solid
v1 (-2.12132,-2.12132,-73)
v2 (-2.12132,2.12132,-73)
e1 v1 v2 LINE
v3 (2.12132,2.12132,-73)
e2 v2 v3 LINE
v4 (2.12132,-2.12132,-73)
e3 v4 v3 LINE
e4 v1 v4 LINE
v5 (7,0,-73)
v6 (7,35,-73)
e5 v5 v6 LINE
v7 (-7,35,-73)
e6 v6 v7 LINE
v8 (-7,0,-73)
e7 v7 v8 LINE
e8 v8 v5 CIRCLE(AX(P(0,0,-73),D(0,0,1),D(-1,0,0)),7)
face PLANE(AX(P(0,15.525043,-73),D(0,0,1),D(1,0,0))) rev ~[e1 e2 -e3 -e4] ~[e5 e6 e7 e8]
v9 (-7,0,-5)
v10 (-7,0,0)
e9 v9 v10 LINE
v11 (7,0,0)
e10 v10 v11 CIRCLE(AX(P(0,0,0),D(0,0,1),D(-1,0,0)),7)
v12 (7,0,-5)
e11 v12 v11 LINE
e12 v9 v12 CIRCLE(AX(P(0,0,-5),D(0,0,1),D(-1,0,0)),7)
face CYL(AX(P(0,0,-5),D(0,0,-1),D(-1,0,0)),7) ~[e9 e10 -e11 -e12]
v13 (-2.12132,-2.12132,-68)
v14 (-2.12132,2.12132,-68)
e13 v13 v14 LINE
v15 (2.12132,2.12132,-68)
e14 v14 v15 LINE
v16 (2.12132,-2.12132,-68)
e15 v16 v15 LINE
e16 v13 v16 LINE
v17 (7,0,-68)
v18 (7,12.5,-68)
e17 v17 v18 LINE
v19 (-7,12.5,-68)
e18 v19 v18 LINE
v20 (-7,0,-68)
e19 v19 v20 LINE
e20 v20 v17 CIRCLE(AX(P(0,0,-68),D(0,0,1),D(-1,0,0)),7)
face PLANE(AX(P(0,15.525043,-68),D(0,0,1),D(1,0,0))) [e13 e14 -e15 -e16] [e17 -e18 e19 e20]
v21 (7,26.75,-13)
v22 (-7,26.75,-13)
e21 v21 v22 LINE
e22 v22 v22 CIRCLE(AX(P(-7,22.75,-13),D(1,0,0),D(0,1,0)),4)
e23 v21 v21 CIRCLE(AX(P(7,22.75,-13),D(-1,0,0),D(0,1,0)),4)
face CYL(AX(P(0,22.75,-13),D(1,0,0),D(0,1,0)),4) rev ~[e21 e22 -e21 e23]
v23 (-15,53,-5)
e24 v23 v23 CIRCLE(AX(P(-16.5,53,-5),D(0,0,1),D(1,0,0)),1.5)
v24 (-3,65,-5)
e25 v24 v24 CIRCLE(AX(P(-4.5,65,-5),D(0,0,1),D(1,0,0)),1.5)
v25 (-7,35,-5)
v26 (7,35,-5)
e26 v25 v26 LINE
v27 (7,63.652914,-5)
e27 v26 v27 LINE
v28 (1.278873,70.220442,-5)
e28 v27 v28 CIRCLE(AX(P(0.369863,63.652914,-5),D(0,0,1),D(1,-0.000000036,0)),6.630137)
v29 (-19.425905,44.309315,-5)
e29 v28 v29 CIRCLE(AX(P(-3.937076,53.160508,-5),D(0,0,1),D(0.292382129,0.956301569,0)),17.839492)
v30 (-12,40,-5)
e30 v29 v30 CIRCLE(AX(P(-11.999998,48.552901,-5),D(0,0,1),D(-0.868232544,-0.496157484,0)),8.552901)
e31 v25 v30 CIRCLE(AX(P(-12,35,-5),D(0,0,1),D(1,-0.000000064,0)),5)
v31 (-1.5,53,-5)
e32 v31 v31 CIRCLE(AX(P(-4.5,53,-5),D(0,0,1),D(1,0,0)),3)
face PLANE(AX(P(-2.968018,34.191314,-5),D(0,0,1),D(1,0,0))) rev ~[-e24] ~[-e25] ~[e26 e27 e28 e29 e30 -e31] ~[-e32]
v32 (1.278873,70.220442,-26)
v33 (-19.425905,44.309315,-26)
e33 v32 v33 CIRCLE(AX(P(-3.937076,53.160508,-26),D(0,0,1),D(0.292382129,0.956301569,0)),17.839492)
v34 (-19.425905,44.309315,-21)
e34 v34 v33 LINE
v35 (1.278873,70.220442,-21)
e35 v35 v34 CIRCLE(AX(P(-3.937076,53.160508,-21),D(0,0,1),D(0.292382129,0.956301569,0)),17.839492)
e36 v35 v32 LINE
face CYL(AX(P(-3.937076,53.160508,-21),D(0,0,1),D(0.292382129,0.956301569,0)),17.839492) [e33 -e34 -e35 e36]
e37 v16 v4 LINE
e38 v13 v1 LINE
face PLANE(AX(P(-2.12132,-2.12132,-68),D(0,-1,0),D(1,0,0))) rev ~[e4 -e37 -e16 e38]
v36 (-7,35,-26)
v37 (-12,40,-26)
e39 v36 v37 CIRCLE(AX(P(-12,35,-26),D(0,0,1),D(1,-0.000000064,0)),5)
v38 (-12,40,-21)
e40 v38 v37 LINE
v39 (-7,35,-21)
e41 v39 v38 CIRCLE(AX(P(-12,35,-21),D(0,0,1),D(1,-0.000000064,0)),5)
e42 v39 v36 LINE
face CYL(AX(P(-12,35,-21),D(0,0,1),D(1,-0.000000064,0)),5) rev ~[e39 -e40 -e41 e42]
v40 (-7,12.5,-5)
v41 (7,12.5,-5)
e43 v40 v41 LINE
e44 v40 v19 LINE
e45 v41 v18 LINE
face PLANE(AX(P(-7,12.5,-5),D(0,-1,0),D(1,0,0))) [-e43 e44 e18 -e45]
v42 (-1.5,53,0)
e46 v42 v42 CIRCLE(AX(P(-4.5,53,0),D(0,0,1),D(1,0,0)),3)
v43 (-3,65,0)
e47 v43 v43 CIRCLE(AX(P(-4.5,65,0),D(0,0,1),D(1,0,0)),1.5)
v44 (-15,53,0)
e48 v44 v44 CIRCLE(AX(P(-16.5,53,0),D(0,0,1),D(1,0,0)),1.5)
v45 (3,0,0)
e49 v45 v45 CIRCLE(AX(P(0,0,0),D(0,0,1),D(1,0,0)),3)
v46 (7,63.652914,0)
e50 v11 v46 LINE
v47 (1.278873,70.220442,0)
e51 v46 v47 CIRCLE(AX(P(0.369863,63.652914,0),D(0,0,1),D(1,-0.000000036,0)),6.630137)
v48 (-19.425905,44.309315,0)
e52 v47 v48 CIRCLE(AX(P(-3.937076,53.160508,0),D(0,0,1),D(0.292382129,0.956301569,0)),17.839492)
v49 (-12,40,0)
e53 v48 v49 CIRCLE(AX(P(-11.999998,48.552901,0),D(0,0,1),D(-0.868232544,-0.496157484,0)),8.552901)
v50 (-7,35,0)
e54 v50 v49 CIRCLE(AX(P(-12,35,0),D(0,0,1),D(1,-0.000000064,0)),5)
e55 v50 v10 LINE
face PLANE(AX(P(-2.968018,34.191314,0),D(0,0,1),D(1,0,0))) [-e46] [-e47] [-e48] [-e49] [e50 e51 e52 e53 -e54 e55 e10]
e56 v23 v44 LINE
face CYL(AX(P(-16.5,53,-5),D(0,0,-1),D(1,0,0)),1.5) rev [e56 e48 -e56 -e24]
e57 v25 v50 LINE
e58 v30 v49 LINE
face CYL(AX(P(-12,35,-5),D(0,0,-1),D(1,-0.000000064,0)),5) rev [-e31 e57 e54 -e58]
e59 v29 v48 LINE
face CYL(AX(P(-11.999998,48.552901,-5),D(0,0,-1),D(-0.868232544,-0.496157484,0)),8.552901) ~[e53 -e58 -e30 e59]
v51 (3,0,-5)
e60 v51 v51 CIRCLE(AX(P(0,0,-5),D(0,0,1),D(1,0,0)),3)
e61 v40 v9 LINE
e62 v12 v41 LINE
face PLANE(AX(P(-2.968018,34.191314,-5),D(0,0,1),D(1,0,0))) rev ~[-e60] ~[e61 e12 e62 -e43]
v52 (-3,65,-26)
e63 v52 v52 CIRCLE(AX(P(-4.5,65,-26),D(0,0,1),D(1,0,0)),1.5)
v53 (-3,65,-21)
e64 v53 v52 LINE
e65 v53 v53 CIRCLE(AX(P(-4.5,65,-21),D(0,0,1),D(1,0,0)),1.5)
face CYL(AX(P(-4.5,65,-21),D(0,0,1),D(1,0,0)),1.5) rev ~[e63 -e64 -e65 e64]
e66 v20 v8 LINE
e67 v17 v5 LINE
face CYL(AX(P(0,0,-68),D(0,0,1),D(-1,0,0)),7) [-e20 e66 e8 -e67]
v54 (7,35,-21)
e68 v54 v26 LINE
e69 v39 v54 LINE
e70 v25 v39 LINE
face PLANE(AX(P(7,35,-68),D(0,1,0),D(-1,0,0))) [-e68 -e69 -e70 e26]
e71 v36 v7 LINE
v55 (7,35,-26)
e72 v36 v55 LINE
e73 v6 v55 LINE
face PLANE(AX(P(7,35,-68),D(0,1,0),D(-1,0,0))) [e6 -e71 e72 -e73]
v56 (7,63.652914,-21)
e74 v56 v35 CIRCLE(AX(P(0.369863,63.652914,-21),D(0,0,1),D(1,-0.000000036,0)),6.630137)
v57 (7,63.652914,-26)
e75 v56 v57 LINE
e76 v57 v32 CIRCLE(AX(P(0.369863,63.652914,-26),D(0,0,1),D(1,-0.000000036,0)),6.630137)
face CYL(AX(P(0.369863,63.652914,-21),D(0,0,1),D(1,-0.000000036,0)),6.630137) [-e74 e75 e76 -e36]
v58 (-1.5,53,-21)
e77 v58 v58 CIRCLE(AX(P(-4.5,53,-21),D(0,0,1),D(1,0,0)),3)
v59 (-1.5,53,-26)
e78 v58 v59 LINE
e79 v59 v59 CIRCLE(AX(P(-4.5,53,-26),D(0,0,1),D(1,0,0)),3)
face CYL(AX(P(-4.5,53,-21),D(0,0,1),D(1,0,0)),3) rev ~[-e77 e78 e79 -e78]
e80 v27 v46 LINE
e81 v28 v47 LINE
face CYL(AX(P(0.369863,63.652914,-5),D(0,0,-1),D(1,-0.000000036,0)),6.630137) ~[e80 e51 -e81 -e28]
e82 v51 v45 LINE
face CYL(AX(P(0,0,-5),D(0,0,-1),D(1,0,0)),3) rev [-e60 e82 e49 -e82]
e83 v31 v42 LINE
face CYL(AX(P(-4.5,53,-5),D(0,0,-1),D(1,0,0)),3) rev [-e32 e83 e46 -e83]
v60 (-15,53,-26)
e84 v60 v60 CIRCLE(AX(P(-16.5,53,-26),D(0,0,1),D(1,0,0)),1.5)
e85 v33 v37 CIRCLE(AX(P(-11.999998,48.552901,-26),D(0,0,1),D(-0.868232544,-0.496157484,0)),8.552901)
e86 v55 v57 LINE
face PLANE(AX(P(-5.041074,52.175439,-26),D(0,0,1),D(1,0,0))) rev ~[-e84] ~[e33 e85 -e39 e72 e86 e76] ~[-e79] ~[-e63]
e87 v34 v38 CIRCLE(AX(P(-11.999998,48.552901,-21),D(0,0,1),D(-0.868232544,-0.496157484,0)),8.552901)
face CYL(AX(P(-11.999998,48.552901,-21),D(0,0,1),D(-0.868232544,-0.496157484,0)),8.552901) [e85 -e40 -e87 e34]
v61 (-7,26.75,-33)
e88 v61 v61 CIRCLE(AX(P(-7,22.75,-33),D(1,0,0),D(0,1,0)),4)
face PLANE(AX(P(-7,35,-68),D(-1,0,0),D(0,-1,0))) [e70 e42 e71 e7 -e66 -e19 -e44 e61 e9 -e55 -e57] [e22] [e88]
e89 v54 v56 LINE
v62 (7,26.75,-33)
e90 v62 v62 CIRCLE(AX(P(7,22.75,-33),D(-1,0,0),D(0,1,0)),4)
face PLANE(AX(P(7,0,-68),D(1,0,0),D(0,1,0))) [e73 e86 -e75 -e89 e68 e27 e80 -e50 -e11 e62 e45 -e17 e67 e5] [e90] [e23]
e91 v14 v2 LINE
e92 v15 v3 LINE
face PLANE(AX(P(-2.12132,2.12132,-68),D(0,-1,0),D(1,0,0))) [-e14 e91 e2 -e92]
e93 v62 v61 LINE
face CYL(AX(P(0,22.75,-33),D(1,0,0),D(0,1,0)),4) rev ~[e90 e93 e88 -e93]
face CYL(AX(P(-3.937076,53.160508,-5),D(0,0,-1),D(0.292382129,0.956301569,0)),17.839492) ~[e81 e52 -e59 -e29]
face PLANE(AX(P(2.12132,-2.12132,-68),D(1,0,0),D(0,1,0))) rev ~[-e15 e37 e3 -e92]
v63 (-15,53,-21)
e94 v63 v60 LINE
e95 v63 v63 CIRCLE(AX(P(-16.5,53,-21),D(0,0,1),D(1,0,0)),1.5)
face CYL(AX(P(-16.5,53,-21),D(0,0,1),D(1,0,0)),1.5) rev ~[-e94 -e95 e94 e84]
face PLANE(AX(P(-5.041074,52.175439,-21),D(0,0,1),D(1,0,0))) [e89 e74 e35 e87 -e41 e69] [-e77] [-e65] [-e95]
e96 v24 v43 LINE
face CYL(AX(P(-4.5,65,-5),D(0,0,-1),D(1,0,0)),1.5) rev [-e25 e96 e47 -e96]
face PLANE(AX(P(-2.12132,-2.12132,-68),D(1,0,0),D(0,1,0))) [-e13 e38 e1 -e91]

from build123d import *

# Parameters (mm, degrees)
SKETCH002_R       = 1.5
SKETCH002_R_2     = 3
PAD_DEPTH         = 5
SKETCH003_W       = 14
SKETCH003_H       = 22.5
PAD001_DEPTH      = 63
SKETCH004_W       = 4.24264
SKETCH004_H       = 4.24264
PAD002_DEPTH      = 5
SKETCH005_R       = 1.5
SKETCH005_R_2     = 3
PAD003_DEPTH      = 5
SKETCH006_R       = 4
POCKET_DEPTH      = 21.777567
POCKET_DEPTH_BACK = 7.001


with BuildPart() as part:
    # Sketch002 → Pad (new body)
    with BuildSketch(Plane.XY):
        with BuildLine():
            ThreePointArc((7, 63.652914), (5.369142, 68.007903), (1.278873, 70.220442))
            ThreePointArc((1.278873, 70.220442), (-17.873705, 64.296837), (-19.425905, 44.309315))
            ThreePointArc((-19.425905, 44.309315), (-16.29285, 41.155365), (-12, 40))
            ThreePointArc((-7, 35), (-8.464466, 38.535534), (-12, 40))
            Line((-7, 35), (-7, 0))
            ThreePointArc((-7, 0), (0, -7), (7, 0))
            Line((7, 0), (7, 63.652914))
        make_face()
        with Locations((-16.5, 53)):
            Circle(SKETCH002_R, mode=Mode.SUBTRACT)
        with Locations((-4.5, 53)):
            Circle(SKETCH002_R_2, mode=Mode.SUBTRACT)
        with Locations((-4.5, 65)):
            Circle(SKETCH002_R, mode=Mode.SUBTRACT)
        Circle(SKETCH002_R_2, mode=Mode.SUBTRACT)
    extrude(amount=PAD_DEPTH)

    # Sketch003 → Pad001 (join)
    with BuildSketch(Plane.XY):
        with Locations((0, 23.75)):
            Rectangle(SKETCH003_W, SKETCH003_H)
    extrude(amount=-PAD001_DEPTH)

    # Sketch004 (on DatumPlane) → Pad002 (join)
    with BuildSketch(Plane.XY.offset(-63)):
        with BuildLine():
            ThreePointArc((-7, 0), (0, -7), (7, 0))
            Line((7, 0), (7, 35))
            Line((7, 35), (-7, 35))
            Line((-7, 35), (-7, 0))
        make_face()
        Rectangle(SKETCH004_W, SKETCH004_H, mode=Mode.SUBTRACT)
    extrude(amount=-PAD002_DEPTH)

    # Sketch005 → Pad003 (join)
    with BuildSketch(Plane.XY.offset(-16)):
        with BuildLine():
            Line((-7, 35), (7, 35))
            Line((7, 35), (7, 63.652914))
            ThreePointArc((7, 63.652914), (5.369142, 68.007903), (1.278873, 70.220442))
            ThreePointArc((1.278873, 70.220442), (-17.873705, 64.296837), (-19.425905, 44.309315))
            ThreePointArc((-19.425905, 44.309315), (-16.29285, 41.155365), (-12, 40))
            ThreePointArc((-7, 35), (-8.464466, 38.535534), (-12, 40))
        make_face()
        with Locations((-16.5, 53)):
            Circle(SKETCH005_R, mode=Mode.SUBTRACT)
        with Locations((-4.5, 53)):
            Circle(SKETCH005_R_2, mode=Mode.SUBTRACT)
        with Locations((-4.5, 65)):
            Circle(SKETCH005_R, mode=Mode.SUBTRACT)
    extrude(amount=-PAD003_DEPTH)

    # Sketch006 → Pocket (cut, two sides)
    with BuildSketch(Plane.YZ) as pocket_sk:
        with Locations((22.75, -8)):
            Circle(SKETCH006_R)
        with Locations((22.75, -28)):
            Circle(SKETCH006_R)
    extrude(amount=-POCKET_DEPTH, mode=Mode.SUBTRACT)
    extrude(pocket_sk.sketch, amount=POCKET_DEPTH_BACK, mode=Mode.SUBTRACT)


with BuildPart() as part_1:
    # Body placement: moved
    add(part.part.moved(Location((0, 0, -5))))


solid = part_1.part
